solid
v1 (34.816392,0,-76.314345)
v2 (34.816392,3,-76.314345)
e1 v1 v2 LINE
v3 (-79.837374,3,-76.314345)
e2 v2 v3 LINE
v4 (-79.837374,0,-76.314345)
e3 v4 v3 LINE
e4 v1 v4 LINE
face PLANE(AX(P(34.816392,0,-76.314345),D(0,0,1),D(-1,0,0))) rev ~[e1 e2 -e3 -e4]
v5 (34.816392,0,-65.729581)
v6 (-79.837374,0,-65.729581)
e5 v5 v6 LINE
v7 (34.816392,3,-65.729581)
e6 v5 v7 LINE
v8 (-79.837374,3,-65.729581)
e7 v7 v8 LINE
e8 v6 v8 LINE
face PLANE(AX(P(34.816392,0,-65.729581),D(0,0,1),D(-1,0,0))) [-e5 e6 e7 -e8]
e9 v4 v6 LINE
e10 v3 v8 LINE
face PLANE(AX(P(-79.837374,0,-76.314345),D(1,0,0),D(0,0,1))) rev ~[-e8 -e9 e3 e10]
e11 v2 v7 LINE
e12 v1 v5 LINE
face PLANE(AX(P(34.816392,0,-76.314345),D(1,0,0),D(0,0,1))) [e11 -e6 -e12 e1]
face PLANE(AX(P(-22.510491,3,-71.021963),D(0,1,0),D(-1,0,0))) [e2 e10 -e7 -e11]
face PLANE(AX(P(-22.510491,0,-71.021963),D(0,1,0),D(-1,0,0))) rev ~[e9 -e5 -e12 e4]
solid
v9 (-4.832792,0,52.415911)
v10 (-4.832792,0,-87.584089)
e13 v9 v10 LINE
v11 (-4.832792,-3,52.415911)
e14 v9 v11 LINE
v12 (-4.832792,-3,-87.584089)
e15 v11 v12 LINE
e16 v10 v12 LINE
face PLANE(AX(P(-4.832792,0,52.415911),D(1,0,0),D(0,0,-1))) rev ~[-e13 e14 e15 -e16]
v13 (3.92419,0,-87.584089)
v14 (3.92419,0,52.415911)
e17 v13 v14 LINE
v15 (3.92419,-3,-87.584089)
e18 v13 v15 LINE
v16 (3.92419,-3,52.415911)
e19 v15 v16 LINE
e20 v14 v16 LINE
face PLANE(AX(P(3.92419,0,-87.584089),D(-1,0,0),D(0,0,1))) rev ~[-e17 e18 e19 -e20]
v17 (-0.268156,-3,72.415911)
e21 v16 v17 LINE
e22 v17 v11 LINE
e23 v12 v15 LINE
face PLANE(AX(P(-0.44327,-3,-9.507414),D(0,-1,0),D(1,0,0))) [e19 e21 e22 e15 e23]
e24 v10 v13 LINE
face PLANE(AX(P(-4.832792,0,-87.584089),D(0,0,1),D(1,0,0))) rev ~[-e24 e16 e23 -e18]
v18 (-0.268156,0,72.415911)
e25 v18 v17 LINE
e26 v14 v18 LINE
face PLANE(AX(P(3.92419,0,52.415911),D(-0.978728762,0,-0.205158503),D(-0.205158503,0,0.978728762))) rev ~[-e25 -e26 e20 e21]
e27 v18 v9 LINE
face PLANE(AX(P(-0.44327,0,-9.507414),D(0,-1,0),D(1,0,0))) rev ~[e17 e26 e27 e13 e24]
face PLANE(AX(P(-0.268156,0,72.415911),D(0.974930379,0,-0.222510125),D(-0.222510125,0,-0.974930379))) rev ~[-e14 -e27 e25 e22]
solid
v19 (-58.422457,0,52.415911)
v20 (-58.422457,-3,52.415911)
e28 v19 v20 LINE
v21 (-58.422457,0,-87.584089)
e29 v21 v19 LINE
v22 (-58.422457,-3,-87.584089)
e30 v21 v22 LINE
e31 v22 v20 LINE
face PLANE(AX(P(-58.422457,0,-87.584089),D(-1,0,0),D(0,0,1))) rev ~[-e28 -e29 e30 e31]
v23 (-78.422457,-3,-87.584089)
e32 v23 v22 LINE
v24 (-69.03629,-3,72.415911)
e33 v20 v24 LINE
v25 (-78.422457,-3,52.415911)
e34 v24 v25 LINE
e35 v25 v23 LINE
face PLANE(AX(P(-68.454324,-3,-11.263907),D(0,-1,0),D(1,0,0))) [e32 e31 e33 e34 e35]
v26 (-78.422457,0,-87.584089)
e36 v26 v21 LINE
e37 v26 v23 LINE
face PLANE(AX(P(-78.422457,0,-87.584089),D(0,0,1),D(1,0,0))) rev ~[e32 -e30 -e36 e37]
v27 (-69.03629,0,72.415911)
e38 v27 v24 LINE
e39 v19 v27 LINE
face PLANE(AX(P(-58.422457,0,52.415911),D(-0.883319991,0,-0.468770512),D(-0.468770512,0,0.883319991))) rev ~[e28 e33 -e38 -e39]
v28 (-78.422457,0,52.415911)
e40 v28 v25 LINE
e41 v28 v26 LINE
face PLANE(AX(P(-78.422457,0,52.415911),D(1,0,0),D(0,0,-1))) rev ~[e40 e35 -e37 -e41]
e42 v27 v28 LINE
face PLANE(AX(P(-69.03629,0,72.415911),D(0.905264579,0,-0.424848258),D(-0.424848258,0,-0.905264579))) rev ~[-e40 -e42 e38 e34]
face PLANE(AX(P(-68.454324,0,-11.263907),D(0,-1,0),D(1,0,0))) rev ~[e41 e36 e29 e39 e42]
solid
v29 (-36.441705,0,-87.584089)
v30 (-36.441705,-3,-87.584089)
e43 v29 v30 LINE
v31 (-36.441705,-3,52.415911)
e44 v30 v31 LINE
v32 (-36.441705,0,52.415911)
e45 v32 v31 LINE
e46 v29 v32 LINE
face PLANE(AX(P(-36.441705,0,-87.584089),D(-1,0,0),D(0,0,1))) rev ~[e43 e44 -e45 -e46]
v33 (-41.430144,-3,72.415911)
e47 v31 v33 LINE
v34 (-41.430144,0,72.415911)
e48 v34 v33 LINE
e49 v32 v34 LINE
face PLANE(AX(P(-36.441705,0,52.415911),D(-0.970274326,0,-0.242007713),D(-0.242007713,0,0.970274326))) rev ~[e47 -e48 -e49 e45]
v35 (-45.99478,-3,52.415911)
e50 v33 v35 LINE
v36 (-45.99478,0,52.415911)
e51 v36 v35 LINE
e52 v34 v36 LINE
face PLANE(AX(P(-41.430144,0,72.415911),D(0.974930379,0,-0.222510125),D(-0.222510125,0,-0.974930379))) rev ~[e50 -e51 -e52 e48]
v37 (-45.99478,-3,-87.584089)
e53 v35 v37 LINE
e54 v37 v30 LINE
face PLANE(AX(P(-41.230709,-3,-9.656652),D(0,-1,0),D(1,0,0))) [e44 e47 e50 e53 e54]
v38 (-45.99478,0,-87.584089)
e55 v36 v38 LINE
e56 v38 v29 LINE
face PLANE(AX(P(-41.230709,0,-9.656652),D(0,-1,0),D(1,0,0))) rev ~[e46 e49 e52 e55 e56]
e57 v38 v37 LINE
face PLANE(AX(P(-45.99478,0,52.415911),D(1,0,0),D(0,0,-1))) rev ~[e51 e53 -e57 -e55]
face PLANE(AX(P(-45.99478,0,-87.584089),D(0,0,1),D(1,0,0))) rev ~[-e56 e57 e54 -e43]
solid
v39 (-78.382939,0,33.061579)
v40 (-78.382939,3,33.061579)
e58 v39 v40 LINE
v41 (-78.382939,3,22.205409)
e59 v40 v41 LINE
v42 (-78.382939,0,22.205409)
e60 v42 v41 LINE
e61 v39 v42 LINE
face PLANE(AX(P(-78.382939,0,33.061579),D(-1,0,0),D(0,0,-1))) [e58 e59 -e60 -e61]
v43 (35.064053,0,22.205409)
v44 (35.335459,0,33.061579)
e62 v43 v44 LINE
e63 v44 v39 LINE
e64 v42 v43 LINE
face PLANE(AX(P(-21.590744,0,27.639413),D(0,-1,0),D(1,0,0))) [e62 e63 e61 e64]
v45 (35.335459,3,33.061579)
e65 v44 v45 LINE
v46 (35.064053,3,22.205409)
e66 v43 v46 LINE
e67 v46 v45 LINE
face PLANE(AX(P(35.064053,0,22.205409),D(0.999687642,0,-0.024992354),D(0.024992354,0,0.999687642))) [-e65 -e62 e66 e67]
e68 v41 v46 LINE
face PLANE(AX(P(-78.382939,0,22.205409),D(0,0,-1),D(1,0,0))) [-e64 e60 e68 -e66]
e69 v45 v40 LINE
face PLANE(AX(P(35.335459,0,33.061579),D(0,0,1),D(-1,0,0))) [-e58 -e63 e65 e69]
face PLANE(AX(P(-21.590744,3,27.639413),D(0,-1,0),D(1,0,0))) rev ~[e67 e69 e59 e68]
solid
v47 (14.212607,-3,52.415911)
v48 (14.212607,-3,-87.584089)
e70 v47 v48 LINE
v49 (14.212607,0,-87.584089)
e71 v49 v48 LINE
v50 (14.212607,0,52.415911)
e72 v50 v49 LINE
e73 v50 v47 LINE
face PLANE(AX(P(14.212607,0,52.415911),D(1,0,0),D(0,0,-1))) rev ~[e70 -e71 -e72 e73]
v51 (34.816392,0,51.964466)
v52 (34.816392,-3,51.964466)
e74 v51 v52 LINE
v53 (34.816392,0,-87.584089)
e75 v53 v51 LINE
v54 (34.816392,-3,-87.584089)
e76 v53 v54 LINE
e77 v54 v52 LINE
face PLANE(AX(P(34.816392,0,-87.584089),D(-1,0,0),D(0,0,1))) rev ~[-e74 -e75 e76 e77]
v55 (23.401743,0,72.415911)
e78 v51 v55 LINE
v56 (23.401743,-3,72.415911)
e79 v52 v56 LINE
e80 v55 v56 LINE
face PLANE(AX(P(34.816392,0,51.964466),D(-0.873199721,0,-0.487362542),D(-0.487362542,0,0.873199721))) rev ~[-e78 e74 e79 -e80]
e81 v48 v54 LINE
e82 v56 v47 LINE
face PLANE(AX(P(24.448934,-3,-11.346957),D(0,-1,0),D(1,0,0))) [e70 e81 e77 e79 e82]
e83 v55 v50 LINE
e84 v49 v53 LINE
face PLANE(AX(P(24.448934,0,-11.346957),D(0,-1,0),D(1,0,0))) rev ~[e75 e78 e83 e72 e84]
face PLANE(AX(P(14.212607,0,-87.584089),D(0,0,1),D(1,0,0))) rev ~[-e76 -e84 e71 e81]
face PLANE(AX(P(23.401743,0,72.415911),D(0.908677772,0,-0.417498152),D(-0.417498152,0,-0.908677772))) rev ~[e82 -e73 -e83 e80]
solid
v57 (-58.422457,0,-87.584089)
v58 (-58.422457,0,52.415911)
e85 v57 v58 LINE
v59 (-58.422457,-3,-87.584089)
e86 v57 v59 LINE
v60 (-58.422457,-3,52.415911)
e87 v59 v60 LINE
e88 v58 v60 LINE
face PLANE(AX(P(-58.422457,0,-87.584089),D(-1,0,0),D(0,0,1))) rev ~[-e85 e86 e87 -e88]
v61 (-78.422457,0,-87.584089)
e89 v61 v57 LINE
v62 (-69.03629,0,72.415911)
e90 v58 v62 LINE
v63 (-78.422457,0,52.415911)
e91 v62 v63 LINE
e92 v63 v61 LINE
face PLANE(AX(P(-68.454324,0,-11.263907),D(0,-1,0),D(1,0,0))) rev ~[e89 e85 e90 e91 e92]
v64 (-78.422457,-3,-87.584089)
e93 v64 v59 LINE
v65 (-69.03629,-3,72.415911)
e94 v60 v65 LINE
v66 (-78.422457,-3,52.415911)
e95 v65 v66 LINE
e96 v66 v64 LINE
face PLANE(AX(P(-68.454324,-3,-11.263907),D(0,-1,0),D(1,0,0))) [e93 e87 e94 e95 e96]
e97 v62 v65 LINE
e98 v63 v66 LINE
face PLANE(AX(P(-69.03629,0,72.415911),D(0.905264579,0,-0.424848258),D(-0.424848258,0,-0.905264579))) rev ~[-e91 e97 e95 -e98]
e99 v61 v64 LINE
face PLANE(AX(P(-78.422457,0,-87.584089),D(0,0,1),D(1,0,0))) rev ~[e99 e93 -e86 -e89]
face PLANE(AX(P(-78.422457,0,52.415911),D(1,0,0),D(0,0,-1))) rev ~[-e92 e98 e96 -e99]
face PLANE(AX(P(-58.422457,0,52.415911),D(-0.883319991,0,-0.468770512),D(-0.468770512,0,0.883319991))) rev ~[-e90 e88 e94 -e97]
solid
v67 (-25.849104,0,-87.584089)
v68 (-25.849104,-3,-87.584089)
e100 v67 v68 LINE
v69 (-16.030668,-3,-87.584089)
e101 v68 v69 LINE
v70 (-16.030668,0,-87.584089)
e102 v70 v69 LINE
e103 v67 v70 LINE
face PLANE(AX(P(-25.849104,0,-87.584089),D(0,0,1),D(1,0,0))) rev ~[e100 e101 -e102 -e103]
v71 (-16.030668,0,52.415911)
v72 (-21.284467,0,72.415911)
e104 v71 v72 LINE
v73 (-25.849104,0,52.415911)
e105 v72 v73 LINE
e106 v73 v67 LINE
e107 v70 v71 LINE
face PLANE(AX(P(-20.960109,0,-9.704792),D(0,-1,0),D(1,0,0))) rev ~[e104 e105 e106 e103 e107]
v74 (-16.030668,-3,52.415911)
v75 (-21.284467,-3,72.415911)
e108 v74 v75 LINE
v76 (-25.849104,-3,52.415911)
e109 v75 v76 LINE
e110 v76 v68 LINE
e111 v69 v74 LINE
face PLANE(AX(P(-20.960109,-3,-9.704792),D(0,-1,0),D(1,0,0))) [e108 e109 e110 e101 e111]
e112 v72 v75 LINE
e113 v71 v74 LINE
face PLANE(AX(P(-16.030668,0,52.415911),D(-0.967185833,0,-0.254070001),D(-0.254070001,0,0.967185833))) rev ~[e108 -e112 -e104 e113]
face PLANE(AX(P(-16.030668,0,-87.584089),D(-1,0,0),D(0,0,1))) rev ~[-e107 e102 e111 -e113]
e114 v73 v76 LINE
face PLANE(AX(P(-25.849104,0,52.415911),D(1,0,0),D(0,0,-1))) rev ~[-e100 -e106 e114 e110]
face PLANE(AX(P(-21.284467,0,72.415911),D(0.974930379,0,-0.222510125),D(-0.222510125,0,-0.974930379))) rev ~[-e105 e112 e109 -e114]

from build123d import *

# Parameters (mm, degrees)
F2_DEPTH = 3
F4_DEPTH = 3
F5_W     = 114.6537661552
F5_H     = 10.5847641826
F6_DEPTH = 3


with BuildPart() as f2:
    # F0 (on Front) → F2 (new body)
    with BuildSketch(Plane.XZ):
        Polygon((-45.9947801825, 52.4159106612), (-45.9947801825, -87.5840893388), (-36.4417050134, -87.5840893388), (-36.4417050134, 52.4159106612), (-41.430143982, 72.4159106612), align=None)
    extrude(amount=F2_DEPTH)


with BuildPart() as f2b:
    # F0 (on Front) → F2, piece 2 (new body)
    with BuildSketch(Plane.XZ):
        Polygon((-78.4224574716, 52.4159106612), (-78.4224574716, -87.5840893388), (-58.4224574716, -87.5840893388), (-58.4224574716, 52.4159106612), (-69.0362897647, 72.4159106612), align=None)
    extrude(amount=F2_DEPTH)


with BuildPart() as f2c:
    # F0 (on Front) → F2, piece 3 (new body)
    with BuildSketch(Plane.XZ):
        Polygon((-4.8327921589, 52.4159106612), (-4.8327921589, -87.5840893388), (3.9241904943, -87.5840893388), (3.9241904943, 52.4159106612), (-0.2681559585, 72.4159106612), align=None)
    extrude(amount=F2_DEPTH)


with BuildPart() as f2d:
    # F0 (on Front) → F2, piece 4 (new body)
    with BuildSketch(Plane.XZ):
        Polygon((-25.8491035459, 52.4159106612), (-25.8491035459, -87.5840893388), (-16.0306682906, -87.5840893388), (-16.0306682906, 52.4159106612), (-21.2844673454, 72.4159106612), align=None)
    extrude(amount=F2_DEPTH)


with BuildPart() as f2e:
    # F0 (on Front) → F2, piece 5 (new body)
    with BuildSketch(Plane.XZ):
        Polygon((14.2126074547, 52.4159106612), (14.2126074547, -87.5840893388), (34.8163917661, -87.5840893388), (34.8163917661, 51.9644655287), (23.4017428011, 72.4159106612), align=None)
    extrude(amount=F2_DEPTH)


with BuildPart() as f2f:
    # F1 (on face) → F2, piece 6 (new body)
    with BuildSketch(Plane.XZ):
        Polygon((-69.0362897647, 72.4159106612), (-78.4224574716, 52.4159106612), (-78.4224574716, -87.5840893388), (-58.4224574716, -87.5840893388), (-58.4224574716, 52.4159106612), align=None)
    extrude(amount=F2_DEPTH)


with BuildPart() as f4:
    # F3 (on Front) → F4 (new body)
    with BuildSketch(Plane.XZ):
        Polygon((35.0640527904, 22.2054086626), (35.3354588151, 33.0615788698), (-78.3829391003, 33.0615788698), (-78.3829391003, 22.2054086626), align=None)
    extrude(amount=-F4_DEPTH)


with BuildPart() as f6:
    # F5 (on face) → F6 (new body)
    with BuildSketch(Plane(origin=(0, 0, 0), x_dir=(-1, 0, 0), z_dir=(0, 1, 0))):
        with Locations((22.5104913116, -71.0219629109)):
            Rectangle(F5_W, F5_H)
    extrude(amount=F6_DEPTH)


solid = Compound([f2.part, f2b.part, f2c.part, f2d.part, f2e.part, f2f.part, f4.part, f6.part])
